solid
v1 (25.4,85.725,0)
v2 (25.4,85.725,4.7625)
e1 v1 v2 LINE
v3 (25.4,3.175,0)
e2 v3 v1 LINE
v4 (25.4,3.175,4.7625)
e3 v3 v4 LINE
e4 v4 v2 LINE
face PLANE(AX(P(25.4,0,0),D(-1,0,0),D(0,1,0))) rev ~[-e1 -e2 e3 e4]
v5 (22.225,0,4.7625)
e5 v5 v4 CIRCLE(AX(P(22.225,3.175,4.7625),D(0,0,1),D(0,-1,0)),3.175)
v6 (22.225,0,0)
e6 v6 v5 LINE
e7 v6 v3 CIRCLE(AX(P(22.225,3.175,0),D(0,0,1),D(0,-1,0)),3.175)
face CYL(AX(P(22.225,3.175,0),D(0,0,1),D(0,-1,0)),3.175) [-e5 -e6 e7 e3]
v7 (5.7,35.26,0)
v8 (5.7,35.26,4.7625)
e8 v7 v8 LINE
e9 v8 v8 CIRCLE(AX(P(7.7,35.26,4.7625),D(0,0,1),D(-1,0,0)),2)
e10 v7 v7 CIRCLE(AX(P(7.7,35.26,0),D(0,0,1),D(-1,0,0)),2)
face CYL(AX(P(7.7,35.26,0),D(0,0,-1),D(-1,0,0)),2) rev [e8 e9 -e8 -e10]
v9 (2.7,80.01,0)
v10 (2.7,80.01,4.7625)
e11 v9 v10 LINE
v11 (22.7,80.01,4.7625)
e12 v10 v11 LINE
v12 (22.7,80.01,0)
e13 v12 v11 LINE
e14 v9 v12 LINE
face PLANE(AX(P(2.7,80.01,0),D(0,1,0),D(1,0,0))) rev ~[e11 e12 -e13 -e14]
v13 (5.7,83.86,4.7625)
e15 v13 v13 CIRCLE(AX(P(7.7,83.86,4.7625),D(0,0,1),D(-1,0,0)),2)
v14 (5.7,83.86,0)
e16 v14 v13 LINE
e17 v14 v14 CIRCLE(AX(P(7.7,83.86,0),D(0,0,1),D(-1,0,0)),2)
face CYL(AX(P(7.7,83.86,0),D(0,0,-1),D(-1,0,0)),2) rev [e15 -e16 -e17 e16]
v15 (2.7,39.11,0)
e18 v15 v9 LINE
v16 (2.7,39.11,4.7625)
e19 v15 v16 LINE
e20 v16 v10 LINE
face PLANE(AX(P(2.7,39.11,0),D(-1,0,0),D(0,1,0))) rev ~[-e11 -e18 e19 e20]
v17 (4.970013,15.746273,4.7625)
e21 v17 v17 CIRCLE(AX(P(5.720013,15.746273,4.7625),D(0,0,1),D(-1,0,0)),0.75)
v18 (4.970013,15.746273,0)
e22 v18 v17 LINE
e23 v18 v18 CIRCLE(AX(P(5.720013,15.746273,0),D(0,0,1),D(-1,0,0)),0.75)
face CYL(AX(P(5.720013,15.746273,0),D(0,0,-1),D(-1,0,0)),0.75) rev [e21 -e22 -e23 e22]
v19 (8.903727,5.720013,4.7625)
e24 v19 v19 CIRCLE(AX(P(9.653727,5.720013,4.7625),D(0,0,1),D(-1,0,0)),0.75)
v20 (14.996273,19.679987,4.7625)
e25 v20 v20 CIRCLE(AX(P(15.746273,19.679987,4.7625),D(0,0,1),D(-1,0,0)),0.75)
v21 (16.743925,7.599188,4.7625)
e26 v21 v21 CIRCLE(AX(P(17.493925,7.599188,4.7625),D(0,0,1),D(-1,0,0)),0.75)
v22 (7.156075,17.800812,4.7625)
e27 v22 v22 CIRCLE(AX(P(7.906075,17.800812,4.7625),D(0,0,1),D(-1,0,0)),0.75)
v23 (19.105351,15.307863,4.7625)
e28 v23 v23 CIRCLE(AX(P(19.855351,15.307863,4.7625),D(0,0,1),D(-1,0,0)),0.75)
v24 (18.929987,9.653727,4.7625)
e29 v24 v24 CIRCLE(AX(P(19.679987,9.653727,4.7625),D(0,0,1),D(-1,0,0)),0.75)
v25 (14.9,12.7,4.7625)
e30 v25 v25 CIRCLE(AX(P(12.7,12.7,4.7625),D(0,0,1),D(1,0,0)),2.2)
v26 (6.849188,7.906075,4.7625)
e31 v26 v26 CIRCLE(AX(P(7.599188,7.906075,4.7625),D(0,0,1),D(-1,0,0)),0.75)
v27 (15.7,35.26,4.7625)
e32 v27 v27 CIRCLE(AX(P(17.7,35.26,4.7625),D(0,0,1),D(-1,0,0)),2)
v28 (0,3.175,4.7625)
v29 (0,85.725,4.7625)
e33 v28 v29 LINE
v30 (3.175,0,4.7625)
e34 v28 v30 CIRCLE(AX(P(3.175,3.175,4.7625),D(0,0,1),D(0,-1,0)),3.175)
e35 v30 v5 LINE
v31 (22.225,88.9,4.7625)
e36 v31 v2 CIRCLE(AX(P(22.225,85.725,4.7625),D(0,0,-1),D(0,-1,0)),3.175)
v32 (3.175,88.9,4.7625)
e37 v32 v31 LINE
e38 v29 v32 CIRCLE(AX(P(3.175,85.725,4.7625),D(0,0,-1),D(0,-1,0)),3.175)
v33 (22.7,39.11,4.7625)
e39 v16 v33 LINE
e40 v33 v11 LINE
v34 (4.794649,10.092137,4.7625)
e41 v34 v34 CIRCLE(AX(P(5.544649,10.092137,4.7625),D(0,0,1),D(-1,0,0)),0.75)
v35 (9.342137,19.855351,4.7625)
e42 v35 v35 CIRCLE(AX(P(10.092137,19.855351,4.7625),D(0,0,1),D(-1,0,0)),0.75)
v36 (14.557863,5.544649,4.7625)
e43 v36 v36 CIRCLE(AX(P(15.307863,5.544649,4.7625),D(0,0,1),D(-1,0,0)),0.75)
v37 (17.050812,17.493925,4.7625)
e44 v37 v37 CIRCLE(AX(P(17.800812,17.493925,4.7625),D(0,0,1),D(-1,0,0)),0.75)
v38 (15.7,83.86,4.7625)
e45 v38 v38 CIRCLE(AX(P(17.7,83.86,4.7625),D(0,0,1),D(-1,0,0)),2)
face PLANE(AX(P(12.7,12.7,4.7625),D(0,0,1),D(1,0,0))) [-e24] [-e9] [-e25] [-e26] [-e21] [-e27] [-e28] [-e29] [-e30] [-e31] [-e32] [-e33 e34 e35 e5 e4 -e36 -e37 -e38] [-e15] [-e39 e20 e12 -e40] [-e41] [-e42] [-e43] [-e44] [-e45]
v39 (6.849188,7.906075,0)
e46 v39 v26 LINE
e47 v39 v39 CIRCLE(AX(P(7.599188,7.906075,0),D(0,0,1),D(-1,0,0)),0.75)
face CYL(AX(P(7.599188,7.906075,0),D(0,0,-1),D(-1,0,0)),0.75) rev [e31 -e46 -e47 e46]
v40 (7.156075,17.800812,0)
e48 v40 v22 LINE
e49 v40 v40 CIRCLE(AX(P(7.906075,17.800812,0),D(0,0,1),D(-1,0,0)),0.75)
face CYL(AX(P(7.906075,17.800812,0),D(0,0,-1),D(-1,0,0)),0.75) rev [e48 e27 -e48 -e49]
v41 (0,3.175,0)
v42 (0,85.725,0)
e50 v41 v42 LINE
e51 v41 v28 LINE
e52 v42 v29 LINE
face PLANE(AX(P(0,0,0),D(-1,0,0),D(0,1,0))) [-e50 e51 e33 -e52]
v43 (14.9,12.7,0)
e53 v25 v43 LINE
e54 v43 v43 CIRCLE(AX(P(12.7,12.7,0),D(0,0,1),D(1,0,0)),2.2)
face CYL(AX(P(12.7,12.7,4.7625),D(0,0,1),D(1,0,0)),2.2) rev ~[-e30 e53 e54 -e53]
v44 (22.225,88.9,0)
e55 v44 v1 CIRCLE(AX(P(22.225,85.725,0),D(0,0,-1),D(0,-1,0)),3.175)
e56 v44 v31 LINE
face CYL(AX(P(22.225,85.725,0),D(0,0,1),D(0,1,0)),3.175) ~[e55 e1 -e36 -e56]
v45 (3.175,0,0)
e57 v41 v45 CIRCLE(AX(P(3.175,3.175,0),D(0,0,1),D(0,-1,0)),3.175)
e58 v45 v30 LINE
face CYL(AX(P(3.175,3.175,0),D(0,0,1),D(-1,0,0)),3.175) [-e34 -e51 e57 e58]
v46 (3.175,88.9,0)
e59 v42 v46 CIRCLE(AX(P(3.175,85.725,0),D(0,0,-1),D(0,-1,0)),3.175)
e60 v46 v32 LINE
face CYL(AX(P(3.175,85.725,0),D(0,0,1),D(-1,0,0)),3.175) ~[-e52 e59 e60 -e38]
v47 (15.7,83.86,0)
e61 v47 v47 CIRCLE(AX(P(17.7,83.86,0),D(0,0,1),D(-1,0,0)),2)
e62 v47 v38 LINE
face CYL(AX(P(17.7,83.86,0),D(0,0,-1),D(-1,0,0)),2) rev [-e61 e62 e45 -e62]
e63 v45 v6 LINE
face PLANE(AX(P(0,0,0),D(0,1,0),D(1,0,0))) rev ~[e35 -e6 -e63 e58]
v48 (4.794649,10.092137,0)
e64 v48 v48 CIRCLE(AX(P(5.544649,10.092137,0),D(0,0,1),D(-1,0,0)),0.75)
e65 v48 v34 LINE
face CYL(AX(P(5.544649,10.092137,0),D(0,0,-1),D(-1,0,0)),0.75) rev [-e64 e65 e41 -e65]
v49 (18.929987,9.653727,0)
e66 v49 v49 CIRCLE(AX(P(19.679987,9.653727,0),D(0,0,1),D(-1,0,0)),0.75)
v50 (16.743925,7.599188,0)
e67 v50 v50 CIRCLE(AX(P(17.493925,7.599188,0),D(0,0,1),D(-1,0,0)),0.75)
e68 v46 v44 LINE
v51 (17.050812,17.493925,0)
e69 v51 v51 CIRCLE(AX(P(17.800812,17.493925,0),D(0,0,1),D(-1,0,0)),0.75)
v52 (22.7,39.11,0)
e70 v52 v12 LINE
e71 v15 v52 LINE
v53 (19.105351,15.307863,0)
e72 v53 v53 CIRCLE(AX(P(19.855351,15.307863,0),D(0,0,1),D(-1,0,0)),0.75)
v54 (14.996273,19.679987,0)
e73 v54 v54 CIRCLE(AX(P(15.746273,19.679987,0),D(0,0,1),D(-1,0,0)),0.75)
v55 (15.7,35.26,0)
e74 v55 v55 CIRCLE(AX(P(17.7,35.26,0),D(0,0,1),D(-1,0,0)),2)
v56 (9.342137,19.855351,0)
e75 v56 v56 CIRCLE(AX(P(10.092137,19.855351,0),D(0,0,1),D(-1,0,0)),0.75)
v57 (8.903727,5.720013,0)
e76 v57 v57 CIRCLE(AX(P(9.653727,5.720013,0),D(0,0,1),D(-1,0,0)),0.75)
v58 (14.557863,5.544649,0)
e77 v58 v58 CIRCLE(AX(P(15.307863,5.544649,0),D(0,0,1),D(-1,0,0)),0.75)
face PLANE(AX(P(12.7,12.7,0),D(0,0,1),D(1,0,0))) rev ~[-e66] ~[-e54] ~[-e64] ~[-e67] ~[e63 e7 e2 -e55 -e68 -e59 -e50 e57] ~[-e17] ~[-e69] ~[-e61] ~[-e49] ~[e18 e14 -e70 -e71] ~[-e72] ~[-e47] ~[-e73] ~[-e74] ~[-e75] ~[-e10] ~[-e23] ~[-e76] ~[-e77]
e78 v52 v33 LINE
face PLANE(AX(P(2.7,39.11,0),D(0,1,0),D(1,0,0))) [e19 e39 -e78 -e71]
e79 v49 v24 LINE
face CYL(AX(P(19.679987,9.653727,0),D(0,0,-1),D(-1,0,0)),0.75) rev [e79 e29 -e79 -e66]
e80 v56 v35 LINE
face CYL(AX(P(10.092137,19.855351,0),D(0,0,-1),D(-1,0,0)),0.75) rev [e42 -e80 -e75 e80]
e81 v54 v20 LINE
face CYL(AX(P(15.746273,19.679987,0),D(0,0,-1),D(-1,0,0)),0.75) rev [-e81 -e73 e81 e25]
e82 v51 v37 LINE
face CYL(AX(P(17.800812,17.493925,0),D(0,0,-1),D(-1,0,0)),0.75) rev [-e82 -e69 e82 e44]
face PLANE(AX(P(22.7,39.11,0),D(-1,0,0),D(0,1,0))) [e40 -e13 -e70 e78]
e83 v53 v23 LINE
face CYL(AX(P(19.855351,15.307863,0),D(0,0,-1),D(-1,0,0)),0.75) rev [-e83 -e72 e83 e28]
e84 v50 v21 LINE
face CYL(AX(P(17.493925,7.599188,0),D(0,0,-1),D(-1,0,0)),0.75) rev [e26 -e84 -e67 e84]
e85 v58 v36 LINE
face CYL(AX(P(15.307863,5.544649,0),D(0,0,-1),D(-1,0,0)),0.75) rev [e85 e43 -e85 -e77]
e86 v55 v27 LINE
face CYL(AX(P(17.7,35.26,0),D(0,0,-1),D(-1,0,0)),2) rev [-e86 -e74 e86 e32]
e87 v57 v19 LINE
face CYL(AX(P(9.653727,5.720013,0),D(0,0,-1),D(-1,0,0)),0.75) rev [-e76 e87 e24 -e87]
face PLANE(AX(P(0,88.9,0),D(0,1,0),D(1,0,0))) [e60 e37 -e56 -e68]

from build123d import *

# Parameters (mm, degrees)
SKETCH1_W           = 25.4
SKETCH1_H           = 88.9
SKETCH1_R           = 2
SKETCH1_R_2         = 10
SKETCH1_W_2         = 20
SKETCH1_H_2         = 40.9
SKETCH1_R_3         = 1.5
SKETCH1_R_4         = 0.75
BOSS_EXTRUDE1_DEPTH = 4.7625
FILLET1_R           = 3.175
SKETCH2_R           = 2.2
CUT_EXTRUDE1_DEPTH  = 93.57997303


with BuildPart() as part:
    # Sketch1 → Boss-Extrude1 (new body)
    # profile 1 of 2: a face of its own
    with BuildSketch(Plane.XY):
        with Locations((12.7, 44.45)):
            Rectangle(SKETCH1_W, SKETCH1_H)
        with Locations(Location((17.7, 35.26, 0), (0, 0, 180))):
            Circle(SKETCH1_R, mode=Mode.SUBTRACT)
        with Locations(Location((7.7, 35.26, 0), (0, 0, 180))):
            Circle(SKETCH1_R, mode=Mode.SUBTRACT)
        with Locations(Location((17.7, 83.86, 0), (0, 0, 180))):
            Circle(SKETCH1_R, mode=Mode.SUBTRACT)
        with Locations(Location((7.7, 83.86, 0), (0, 0, 180))):
            Circle(SKETCH1_R, mode=Mode.SUBTRACT)
        with Locations((12.7, 12.7)):
            Circle(SKETCH1_R_2, mode=Mode.SUBTRACT)
        with Locations((12.7, 59.56)):
            Rectangle(SKETCH1_W_2, SKETCH1_H_2, mode=Mode.SUBTRACT)
    # profile 2 of 2: a face of its own
    with BuildSketch(Plane.XY):
        with Locations((12.7, 12.7)):
            Circle(SKETCH1_R_2)
        with Locations(Location((12.7, 12.7, 0), (0, 0, 180))):
            Circle(SKETCH1_R_3, mode=Mode.SUBTRACT)
        with Locations(Location((10.092137103, 19.855351222, 0), (0, 0, 180))):
            Circle(SKETCH1_R_4, mode=Mode.SUBTRACT)
        with Locations(Location((7.906074869, 17.80081188, 0), (0, 0, 180))):
            Circle(SKETCH1_R_4, mode=Mode.SUBTRACT)
        with Locations(Location((5.720012634, 15.746272538, 0), (0, 0, 180))):
            Circle(SKETCH1_R_4, mode=Mode.SUBTRACT)
        with Locations(Location((5.544648778, 10.092137103, 0), (0, 0, 180))):
            Circle(SKETCH1_R_4, mode=Mode.SUBTRACT)
        with Locations(Location((7.59918812, 7.906074869, 0), (0, 0, 180))):
            Circle(SKETCH1_R_4, mode=Mode.SUBTRACT)
        with Locations(Location((9.653727462, 5.720012634, 0), (0, 0, 180))):
            Circle(SKETCH1_R_4, mode=Mode.SUBTRACT)
        with Locations(Location((15.307862897, 5.544648778, 0), (0, 0, 180))):
            Circle(SKETCH1_R_4, mode=Mode.SUBTRACT)
        with Locations(Location((17.493925131, 7.59918812, 0), (0, 0, 180))):
            Circle(SKETCH1_R_4, mode=Mode.SUBTRACT)
        with Locations(Location((19.679987366, 9.653727462, 0), (0, 0, 180))):
            Circle(SKETCH1_R_4, mode=Mode.SUBTRACT)
        with Locations(Location((19.855351222, 15.307862897, 0), (0, 0, 180))):
            Circle(SKETCH1_R_4, mode=Mode.SUBTRACT)
        with Locations(Location((17.80081188, 17.493925131, 0), (0, 0, 180))):
            Circle(SKETCH1_R_4, mode=Mode.SUBTRACT)
        with Locations(Location((15.746272538, 19.679987366, 0), (0, 0, 180))):
            Circle(SKETCH1_R_4, mode=Mode.SUBTRACT)
    extrude(amount=BOSS_EXTRUDE1_DEPTH)

    # Fillet1
    fillet1_edges = [part.edges().sort_by_distance(p)[0] for p in [
        (0, 0, 2.38125),
        (0, 88.9, 2.38125),
        (25.4, 88.9, 2.38125),
        (25.4, 0, 2.38125),
    ]]
    fillet(fillet1_edges, radius=FILLET1_R)

    # Sketch2 → Cut-Extrude1 (cut, through all)
    with BuildSketch(Plane.XY.offset(4.7625)):
        with Locations((12.7, 12.7)):
            Circle(SKETCH2_R)
    extrude(amount=-CUT_EXTRUDE1_DEPTH, mode=Mode.SUBTRACT)


solid = part.part
